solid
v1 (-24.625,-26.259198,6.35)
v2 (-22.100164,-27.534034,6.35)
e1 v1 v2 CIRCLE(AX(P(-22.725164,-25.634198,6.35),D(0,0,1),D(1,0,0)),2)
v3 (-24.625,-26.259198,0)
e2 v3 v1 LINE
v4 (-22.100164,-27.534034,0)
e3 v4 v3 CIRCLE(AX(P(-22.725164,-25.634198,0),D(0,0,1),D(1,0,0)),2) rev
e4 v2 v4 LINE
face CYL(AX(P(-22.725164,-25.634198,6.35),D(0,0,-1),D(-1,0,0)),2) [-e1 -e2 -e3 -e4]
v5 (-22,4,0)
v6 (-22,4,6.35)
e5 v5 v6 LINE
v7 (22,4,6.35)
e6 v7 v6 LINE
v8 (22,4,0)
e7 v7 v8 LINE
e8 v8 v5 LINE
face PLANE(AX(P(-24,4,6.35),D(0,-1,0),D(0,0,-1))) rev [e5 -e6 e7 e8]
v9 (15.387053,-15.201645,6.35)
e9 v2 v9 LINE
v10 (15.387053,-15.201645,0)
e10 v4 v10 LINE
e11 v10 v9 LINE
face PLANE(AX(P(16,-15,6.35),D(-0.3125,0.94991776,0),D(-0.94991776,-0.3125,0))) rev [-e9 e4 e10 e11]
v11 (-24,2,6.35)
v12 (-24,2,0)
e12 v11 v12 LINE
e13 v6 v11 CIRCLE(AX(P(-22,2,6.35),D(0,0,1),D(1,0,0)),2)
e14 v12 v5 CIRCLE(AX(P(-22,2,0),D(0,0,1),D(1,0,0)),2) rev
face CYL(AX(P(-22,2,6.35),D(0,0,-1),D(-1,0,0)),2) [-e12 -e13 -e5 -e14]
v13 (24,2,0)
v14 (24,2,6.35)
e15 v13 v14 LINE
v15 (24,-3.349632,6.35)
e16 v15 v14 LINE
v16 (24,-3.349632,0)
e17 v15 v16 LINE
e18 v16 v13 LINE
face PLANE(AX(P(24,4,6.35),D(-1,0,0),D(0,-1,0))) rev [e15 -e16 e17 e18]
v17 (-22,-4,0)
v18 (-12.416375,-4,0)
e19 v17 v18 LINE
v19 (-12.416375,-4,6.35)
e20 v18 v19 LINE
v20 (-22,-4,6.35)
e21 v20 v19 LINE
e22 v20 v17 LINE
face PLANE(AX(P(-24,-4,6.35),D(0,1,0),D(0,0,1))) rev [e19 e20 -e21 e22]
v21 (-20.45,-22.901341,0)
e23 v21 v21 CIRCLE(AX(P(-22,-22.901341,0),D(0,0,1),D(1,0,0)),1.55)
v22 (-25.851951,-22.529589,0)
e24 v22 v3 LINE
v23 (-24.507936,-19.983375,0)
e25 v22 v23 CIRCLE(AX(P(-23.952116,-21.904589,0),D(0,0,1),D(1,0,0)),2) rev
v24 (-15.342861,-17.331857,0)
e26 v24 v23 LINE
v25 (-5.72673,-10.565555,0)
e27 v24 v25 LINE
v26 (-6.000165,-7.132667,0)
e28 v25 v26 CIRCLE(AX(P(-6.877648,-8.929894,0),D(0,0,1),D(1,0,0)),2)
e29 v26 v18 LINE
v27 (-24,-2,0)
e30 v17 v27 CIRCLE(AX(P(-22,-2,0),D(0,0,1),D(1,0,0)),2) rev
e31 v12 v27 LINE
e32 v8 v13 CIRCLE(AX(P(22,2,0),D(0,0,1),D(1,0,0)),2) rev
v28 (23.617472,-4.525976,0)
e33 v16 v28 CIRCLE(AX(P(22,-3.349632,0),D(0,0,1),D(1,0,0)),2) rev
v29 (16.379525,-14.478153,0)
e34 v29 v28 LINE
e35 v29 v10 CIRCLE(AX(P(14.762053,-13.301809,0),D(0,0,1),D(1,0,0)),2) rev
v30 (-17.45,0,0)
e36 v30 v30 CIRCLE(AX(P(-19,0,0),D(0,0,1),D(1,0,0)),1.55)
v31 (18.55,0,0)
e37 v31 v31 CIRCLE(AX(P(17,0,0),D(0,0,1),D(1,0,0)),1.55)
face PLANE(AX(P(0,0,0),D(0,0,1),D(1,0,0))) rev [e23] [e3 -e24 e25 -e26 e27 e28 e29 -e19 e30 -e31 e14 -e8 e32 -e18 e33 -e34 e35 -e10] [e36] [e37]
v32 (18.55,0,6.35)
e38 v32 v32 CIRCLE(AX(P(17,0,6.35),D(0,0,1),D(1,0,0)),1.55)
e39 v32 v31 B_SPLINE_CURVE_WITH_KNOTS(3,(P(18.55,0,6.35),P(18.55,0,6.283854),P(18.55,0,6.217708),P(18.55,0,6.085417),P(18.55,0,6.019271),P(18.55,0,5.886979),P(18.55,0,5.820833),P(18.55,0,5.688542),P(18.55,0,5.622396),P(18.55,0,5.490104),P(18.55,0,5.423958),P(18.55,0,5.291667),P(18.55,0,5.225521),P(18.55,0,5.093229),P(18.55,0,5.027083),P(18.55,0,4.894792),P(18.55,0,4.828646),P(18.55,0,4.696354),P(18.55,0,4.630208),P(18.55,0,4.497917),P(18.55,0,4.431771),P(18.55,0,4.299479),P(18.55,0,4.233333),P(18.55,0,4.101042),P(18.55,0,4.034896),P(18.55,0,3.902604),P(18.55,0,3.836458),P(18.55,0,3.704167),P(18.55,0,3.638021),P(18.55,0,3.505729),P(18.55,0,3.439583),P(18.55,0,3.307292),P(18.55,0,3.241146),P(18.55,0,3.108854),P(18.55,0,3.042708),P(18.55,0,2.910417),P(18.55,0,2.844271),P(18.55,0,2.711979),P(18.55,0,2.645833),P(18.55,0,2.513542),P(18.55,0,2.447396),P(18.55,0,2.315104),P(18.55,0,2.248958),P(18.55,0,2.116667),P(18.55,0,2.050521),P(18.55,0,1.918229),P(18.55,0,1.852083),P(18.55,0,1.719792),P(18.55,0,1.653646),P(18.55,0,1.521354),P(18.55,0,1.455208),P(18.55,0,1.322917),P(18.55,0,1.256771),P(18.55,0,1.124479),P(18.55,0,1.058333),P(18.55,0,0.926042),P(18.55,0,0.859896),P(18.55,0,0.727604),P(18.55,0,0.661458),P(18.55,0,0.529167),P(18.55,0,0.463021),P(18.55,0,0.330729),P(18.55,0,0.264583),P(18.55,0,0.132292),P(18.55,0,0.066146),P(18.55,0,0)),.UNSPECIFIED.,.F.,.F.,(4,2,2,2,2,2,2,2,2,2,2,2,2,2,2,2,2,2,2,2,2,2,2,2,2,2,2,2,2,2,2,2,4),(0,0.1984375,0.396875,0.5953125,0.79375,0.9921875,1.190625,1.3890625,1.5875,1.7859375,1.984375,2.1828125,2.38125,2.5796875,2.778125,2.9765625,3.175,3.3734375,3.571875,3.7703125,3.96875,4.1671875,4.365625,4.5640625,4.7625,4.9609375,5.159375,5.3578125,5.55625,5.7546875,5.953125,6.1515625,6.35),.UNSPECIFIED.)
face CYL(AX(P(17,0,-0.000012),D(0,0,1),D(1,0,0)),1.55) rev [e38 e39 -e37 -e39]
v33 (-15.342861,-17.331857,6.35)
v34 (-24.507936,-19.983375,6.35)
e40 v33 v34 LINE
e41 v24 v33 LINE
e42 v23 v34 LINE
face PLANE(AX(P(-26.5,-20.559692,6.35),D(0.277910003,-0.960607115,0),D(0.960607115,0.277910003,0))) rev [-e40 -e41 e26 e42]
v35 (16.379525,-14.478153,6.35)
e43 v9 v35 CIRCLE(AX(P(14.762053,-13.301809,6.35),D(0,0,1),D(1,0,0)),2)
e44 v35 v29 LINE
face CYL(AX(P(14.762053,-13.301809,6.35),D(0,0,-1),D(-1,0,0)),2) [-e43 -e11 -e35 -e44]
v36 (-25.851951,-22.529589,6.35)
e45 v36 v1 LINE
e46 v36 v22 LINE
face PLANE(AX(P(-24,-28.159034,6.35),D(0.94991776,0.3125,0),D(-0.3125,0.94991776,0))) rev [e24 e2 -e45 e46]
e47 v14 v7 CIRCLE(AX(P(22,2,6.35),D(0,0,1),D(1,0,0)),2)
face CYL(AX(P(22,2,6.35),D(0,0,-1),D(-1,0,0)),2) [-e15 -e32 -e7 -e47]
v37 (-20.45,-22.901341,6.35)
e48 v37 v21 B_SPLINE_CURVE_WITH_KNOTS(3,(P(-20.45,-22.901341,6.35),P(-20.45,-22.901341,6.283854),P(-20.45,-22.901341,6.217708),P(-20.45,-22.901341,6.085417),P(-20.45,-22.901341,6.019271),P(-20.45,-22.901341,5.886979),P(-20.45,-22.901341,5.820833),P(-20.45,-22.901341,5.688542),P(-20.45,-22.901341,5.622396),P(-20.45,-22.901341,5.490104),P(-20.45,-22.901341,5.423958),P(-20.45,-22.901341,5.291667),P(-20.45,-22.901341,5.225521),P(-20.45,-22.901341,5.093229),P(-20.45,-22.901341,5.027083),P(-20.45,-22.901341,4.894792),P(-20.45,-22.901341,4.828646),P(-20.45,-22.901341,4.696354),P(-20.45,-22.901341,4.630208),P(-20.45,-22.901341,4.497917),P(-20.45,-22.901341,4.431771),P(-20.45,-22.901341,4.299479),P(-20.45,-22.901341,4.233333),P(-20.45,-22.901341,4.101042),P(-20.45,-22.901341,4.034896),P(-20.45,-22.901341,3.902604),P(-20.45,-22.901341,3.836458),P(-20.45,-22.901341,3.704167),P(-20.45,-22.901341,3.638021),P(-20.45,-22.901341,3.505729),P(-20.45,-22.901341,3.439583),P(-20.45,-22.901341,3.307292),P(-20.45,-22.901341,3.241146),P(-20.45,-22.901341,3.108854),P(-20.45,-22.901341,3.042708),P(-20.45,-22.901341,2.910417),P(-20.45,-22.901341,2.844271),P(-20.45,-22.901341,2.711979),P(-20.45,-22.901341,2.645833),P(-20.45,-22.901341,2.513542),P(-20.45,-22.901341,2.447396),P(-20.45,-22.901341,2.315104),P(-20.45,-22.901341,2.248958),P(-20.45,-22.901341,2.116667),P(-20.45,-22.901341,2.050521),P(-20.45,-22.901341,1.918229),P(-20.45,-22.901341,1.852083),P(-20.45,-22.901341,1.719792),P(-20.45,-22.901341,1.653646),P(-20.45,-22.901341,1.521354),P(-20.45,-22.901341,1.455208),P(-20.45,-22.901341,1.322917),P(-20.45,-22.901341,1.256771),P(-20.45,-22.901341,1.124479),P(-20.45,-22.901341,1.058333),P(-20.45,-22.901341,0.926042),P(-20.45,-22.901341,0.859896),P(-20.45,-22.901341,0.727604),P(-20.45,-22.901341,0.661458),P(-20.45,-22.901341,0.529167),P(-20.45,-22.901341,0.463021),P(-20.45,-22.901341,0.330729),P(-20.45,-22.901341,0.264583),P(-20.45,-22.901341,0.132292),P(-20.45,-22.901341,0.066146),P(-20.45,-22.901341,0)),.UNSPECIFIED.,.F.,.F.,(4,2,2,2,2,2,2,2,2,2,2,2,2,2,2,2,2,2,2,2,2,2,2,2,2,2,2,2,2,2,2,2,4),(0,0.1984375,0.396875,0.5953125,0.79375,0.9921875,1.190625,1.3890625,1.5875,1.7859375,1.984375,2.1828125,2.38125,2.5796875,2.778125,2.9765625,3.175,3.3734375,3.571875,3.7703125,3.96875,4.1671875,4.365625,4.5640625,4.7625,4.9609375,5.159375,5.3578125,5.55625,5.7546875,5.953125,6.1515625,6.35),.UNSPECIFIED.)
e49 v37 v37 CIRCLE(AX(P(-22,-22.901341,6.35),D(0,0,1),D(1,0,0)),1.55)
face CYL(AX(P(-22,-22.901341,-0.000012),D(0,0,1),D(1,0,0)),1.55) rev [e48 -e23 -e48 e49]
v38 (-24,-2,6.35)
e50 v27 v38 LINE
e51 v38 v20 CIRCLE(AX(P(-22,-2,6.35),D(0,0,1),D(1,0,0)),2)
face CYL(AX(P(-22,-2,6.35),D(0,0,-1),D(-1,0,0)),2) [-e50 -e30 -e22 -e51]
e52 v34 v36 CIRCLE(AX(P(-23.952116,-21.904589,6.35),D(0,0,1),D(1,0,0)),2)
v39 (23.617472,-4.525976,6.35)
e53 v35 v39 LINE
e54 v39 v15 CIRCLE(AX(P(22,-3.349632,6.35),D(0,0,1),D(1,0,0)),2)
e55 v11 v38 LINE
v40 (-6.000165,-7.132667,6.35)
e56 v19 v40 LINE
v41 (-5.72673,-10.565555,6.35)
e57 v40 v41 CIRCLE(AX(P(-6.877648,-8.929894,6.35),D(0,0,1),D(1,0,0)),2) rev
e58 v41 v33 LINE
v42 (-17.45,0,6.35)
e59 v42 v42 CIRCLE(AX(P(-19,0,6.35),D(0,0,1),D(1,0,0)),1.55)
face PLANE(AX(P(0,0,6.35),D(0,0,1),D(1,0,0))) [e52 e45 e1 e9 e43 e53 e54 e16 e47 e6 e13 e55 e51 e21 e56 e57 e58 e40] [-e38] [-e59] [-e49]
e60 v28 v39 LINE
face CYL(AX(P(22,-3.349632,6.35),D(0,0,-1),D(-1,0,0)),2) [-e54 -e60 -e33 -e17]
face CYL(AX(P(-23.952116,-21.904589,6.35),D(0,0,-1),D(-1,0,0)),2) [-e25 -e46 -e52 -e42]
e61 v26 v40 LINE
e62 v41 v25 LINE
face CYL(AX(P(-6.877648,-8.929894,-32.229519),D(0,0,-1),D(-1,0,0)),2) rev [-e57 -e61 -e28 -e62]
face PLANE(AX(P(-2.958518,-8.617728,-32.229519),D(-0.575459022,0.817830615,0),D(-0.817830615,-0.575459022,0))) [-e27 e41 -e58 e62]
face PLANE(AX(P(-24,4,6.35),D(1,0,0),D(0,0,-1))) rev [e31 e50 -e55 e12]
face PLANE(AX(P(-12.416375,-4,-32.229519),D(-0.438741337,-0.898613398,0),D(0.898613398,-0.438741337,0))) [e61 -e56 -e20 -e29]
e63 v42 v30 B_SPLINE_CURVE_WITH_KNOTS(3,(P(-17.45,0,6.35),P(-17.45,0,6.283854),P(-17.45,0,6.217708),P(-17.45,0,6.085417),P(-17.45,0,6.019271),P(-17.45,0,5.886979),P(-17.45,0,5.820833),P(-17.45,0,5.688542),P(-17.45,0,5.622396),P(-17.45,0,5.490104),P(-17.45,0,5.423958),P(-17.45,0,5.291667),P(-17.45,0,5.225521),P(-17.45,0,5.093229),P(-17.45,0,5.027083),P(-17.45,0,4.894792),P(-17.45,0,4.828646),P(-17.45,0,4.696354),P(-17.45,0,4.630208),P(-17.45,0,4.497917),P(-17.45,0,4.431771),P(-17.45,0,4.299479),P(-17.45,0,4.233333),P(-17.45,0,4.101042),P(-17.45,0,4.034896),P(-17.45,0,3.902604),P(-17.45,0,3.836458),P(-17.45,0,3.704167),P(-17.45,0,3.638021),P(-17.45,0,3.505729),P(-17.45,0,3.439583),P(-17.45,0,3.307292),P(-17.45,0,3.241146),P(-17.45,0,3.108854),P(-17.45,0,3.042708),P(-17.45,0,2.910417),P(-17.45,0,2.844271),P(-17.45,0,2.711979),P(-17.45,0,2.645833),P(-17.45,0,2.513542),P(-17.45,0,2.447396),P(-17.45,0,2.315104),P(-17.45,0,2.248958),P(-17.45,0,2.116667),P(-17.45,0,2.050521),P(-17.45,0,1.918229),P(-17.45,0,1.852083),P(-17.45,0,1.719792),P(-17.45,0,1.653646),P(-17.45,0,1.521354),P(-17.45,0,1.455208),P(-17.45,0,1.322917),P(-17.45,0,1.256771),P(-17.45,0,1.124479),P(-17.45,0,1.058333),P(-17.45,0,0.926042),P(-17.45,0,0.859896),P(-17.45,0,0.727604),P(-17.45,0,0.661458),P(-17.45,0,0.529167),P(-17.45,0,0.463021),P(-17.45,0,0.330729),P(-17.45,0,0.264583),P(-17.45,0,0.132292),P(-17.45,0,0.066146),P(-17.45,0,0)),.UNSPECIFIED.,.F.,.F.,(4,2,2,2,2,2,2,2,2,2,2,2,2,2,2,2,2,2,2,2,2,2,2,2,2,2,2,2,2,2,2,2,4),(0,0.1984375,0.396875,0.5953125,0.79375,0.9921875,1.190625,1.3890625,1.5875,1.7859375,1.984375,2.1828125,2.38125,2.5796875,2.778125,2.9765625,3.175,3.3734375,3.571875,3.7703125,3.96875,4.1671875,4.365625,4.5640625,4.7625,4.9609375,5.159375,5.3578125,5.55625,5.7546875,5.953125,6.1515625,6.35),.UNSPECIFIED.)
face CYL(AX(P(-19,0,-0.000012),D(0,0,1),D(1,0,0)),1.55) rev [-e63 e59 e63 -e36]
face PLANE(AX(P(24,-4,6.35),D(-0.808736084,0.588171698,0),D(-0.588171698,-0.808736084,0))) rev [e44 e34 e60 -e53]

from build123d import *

# Parameters (mm, degrees)
BOSS_EXTRUDE1_DEPTH     = 6.35
CUT_EXTRUDE3_DEPTH      = 40.185503571
CUT_EXTRUDE3_DEPTH_BACK = 40.185503571
SKETCH2_R               = 1.55
BOSS_EXTRUDE2_DEPTH     = 6.35
FILLET1_R               = 2


with BuildPart() as part:
    # Sketch1 → Boss-Extrude1 (new body)
    with BuildSketch(Plane.XY):
        Polygon((24, -4), (16, -15), (-24, -28.159033899), (-26.5, -20.559691822), (10, -10), (14, -4), (-24, -4), (-24, 4), (24, 4), align=None)
    extrude(amount=BOSS_EXTRUDE1_DEPTH)

    # Sketch2 → Cut-Extrude3 (cut, two sides: drawn at the far end of the back side and taken through both)
    with BuildSketch(Plane.XY.offset(-CUT_EXTRUDE3_DEPTH_BACK)):
        with Locations((-19, 0)):
            Circle(SKETCH2_R)
        with Locations((17, 0)):
            Circle(SKETCH2_R)
        with Locations((-22, -22.901341131)):
            Circle(SKETCH2_R)
    extrude(amount=CUT_EXTRUDE3_DEPTH + CUT_EXTRUDE3_DEPTH_BACK, mode=Mode.SUBTRACT)

    # Sketch3 → Boss-Extrude2 (add)
    with BuildSketch(Plane.XY.offset(6.35)):
        Polygon((-12.416374587, -4), (14, -4), (10, -10), (-15.342860583, -17.33185747), (-2.958518174, -8.617728358), align=None)
    extrude(amount=-BOSS_EXTRUDE2_DEPTH)

    # Fillet1
    fillet1_edges = [part.edges().sort_by_distance(p)[0] for p in [
        (24, -4, 3.175),
        (16, -15, 3.175),
        (-24, -28.159033899, 3.175),
        (-26.5, -20.559691822, 3.175),
        (-24, -4, 3.175),
        (-24, 4, 3.175),
        (24, 4, 3.175),
        (-2.958518174, -8.617728358, 3.175),
    ]]
    fillet(fillet1_edges, radius=FILLET1_R)


solid = part.part
